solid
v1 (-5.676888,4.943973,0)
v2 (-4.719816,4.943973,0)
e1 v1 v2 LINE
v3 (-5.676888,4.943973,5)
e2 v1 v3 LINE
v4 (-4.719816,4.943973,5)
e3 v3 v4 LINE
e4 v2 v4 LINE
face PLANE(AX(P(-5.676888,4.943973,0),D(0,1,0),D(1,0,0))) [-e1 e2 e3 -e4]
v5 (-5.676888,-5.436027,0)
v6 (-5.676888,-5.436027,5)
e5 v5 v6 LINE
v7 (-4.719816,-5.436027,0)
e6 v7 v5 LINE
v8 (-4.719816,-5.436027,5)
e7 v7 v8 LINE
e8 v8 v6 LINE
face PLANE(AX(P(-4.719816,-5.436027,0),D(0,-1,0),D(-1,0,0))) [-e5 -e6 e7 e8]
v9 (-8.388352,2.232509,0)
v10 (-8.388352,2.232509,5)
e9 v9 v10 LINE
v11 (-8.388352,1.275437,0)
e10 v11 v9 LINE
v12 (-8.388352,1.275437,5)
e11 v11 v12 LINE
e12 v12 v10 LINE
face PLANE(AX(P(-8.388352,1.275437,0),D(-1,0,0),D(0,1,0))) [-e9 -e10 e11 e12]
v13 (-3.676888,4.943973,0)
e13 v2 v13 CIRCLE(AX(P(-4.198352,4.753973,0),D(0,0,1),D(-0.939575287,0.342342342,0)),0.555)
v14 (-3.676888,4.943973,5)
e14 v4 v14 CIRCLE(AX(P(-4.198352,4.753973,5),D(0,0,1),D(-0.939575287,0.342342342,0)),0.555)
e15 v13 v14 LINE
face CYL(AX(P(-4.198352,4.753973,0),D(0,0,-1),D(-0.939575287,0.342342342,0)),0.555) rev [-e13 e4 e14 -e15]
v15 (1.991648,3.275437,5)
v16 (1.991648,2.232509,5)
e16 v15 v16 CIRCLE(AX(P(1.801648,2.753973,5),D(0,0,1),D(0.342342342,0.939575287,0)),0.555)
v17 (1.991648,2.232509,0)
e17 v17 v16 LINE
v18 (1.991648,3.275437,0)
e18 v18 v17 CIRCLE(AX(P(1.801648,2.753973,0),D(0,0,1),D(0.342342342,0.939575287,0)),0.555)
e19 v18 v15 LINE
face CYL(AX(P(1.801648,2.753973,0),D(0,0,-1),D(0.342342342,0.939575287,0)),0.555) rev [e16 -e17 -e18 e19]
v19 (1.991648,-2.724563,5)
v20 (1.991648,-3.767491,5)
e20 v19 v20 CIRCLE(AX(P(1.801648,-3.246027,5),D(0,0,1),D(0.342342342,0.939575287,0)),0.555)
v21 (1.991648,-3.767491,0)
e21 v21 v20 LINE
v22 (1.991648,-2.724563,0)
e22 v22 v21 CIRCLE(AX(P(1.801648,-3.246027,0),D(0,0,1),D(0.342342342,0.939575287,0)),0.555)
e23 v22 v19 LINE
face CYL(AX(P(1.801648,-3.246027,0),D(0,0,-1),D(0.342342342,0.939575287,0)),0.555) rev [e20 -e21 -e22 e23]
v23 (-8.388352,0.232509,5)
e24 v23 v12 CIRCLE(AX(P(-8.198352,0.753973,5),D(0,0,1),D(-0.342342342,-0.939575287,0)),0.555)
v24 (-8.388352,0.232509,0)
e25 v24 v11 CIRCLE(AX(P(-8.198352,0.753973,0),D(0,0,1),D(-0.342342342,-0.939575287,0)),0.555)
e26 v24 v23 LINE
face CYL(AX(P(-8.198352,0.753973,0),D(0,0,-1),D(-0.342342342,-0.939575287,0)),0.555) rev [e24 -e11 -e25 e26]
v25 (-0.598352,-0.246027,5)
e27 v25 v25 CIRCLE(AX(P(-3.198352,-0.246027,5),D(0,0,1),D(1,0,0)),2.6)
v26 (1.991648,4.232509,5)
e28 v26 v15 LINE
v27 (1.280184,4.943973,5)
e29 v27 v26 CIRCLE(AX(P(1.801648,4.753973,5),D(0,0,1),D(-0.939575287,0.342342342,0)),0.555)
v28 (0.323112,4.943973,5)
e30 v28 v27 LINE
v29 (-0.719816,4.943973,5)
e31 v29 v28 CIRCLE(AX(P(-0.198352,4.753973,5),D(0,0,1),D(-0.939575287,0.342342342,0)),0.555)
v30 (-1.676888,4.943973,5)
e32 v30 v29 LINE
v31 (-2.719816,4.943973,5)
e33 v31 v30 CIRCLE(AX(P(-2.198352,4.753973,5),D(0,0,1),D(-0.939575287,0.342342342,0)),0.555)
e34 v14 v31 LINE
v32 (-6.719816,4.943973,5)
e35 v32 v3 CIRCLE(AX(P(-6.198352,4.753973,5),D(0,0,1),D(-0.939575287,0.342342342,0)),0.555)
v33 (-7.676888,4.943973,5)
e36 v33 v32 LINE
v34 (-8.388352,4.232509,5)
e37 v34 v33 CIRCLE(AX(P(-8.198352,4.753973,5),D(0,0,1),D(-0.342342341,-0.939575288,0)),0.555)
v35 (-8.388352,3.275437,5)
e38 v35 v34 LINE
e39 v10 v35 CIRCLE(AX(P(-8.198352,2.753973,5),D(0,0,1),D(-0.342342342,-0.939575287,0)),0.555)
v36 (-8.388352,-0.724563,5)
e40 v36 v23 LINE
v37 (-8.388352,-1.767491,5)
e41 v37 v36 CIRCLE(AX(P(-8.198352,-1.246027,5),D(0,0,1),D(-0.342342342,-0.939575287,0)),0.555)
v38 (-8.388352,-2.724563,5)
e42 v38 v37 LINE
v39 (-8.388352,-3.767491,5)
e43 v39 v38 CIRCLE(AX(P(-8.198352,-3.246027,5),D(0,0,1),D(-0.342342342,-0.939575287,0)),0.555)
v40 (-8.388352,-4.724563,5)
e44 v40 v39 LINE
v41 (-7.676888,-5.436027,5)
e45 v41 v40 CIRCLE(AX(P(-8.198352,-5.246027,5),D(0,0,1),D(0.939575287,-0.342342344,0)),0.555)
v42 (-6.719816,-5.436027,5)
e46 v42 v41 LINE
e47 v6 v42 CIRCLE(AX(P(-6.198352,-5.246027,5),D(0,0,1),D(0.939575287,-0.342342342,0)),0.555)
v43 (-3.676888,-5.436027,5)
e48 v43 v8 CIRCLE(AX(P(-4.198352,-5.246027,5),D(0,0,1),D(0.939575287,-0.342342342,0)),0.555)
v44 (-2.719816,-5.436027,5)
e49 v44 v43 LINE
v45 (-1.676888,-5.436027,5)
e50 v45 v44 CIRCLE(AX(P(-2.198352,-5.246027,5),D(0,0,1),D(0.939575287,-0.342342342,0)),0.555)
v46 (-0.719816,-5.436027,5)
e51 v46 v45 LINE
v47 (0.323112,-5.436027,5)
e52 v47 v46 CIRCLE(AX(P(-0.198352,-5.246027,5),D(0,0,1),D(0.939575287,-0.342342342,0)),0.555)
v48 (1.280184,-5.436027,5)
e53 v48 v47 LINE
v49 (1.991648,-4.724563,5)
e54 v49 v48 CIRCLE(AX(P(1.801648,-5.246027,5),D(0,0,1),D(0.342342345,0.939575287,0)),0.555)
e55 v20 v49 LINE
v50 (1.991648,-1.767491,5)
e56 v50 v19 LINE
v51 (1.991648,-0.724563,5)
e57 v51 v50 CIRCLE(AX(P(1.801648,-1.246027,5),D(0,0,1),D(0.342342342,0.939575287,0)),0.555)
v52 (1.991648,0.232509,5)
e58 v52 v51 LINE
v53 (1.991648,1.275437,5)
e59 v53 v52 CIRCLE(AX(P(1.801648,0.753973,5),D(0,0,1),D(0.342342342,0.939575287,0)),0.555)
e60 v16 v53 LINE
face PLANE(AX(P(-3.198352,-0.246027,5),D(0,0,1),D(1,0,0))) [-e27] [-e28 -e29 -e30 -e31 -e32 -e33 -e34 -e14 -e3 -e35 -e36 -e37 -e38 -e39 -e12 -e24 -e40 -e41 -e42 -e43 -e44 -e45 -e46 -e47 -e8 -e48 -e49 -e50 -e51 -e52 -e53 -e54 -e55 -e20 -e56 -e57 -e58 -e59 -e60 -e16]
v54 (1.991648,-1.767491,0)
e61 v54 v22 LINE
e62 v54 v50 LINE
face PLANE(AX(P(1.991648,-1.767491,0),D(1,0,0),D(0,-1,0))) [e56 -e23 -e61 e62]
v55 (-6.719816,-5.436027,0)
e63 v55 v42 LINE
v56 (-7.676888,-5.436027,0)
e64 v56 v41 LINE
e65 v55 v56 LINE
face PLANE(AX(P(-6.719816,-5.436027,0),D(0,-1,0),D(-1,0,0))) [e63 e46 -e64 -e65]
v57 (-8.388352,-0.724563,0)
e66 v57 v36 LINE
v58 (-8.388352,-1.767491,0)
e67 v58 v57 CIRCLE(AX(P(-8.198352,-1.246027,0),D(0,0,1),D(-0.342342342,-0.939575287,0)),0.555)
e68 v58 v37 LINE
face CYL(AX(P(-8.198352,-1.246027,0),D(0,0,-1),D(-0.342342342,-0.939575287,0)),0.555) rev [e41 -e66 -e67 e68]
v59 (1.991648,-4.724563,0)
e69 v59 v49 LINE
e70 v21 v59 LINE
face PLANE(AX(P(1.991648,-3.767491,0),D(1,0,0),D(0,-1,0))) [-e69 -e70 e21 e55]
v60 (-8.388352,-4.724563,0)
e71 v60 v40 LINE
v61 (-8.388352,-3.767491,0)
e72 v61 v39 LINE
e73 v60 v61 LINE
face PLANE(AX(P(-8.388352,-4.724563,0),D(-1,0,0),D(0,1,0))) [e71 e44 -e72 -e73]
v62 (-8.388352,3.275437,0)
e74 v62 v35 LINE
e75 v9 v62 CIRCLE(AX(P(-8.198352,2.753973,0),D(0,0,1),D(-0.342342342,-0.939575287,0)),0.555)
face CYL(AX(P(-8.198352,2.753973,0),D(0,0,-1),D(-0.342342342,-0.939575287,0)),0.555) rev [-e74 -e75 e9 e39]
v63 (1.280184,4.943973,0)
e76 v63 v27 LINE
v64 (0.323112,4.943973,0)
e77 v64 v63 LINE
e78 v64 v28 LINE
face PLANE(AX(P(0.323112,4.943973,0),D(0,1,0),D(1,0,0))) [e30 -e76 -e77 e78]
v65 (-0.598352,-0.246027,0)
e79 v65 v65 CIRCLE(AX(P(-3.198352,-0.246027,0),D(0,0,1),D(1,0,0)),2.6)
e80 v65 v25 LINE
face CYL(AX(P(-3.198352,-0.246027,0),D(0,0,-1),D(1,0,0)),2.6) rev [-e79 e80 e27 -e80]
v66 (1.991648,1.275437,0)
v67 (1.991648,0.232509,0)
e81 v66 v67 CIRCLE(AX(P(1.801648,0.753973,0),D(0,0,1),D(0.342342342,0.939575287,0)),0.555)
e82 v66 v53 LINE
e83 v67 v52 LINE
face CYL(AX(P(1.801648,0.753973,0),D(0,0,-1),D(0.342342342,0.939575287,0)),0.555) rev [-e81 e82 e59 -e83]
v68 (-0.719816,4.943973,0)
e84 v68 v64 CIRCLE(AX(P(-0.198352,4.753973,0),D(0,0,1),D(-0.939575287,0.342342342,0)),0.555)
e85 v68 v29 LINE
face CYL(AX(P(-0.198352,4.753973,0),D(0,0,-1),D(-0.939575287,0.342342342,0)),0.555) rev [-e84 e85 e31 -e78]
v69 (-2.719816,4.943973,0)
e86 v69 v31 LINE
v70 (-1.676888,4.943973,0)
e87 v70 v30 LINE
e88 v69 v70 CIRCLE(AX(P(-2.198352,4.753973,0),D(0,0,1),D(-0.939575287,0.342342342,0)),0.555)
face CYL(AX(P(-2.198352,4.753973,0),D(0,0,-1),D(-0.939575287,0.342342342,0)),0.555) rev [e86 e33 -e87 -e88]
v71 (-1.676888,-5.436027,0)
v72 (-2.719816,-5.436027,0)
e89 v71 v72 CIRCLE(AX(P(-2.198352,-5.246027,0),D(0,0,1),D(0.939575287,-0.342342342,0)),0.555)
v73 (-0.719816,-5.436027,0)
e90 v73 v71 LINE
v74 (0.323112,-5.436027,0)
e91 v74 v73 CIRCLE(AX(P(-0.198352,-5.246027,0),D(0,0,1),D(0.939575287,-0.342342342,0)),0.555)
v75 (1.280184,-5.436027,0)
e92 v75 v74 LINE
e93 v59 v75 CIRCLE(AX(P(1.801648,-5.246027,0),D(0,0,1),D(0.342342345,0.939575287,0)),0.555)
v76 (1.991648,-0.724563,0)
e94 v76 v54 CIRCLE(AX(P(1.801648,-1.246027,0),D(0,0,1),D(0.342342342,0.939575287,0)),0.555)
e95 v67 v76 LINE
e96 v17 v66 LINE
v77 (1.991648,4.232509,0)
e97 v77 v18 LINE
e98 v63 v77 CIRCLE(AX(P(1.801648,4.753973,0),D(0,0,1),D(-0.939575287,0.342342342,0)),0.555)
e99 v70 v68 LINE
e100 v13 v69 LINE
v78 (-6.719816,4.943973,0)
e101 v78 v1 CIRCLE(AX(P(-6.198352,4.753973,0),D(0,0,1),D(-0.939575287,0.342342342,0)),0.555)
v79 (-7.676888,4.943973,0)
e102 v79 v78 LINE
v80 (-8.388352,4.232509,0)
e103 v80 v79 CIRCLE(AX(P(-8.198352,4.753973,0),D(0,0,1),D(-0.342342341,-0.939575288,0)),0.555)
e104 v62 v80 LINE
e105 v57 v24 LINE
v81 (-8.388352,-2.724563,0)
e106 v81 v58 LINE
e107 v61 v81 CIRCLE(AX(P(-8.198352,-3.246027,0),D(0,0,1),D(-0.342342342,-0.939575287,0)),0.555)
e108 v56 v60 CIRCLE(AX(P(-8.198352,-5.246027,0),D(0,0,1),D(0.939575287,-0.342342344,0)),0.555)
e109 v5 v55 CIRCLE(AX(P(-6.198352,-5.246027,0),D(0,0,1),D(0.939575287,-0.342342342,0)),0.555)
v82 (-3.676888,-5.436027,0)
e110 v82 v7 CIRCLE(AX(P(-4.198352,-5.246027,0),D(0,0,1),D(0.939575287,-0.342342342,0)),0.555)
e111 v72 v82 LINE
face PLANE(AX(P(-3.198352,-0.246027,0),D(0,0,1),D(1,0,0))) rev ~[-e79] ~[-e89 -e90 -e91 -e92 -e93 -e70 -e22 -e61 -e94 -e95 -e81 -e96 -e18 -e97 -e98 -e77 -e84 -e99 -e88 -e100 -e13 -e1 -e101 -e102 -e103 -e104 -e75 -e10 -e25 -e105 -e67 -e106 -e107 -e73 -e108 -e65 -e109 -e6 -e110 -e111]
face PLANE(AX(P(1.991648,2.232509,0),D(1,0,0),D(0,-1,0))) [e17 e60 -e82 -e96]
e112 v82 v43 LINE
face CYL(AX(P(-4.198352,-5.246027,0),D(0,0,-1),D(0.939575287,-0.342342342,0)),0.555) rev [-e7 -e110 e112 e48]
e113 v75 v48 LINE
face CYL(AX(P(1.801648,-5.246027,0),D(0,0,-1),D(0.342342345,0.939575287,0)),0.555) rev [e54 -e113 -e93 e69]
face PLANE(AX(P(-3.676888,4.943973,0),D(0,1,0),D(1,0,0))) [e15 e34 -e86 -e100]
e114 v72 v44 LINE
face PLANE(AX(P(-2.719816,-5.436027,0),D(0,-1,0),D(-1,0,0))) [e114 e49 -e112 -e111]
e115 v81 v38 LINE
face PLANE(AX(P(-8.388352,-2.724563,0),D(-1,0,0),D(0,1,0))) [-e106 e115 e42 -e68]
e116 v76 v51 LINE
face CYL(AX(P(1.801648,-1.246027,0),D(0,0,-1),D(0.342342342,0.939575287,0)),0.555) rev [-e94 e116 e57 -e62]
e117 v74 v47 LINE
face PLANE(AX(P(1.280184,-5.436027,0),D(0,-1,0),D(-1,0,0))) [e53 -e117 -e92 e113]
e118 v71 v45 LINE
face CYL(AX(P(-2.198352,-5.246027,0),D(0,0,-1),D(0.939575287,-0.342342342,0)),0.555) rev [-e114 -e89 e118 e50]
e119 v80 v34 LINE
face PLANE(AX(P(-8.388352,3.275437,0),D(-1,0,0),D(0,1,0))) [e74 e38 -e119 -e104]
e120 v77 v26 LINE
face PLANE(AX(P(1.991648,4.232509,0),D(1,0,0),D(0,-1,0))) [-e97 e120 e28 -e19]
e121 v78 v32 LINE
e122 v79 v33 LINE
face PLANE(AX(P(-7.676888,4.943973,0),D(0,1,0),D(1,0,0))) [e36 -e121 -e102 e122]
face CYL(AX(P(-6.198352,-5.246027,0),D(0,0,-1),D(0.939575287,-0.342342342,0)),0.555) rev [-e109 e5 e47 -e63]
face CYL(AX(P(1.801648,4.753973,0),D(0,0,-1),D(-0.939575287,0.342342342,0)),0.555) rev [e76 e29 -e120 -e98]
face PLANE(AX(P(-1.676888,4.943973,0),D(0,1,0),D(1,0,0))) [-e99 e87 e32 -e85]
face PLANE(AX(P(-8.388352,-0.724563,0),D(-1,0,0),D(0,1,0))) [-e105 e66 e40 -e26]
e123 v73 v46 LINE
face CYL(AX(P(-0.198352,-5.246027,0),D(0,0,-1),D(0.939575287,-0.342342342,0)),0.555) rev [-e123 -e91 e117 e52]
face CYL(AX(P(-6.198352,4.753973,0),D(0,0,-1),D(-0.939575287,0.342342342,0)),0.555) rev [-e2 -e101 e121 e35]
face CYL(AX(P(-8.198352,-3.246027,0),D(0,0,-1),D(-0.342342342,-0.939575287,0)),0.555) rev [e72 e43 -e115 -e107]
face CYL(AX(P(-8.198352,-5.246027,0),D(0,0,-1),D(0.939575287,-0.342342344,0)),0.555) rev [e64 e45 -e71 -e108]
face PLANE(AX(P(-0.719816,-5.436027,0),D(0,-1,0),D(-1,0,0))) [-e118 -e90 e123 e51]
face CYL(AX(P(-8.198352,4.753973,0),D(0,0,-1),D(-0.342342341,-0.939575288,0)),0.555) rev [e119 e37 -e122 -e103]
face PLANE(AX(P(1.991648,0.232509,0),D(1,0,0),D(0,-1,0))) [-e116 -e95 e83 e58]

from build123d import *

# Parameters (mm, degrees)
SKETCH2_R           = 4.1
SKETCH2_R_2         = 2.6
BOSS_EXTRUDE1_DEPTH = 5


with BuildPart() as part:
    # Sketch2 → Boss-Extrude1 (new body)
    # profile 1 of 2: a face of its own
    with BuildSketch(Plane.XY):
        with BuildLine():
            ThreePointArc((-8.388352144, 2.232508627), (-7.643352144, 2.753972912), (-8.388352144, 3.275437196))
            Line((-8.388352144, 3.275437196), (-8.388352144, 4.232508627))
            ThreePointArc((-8.388352144, 4.232508627), (-7.805907881, 4.361528648), (-7.67688786, 4.943972912))
            Line((-7.67688786, 4.943972912), (-6.719816429, 4.943972912))
            ThreePointArc((-6.719816429, 4.943972912), (-6.198352144, 4.198972912), (-5.67688786, 4.943972912))
            Line((-5.67688786, 4.943972912), (-4.719816429, 4.943972912))
            ThreePointArc((-4.719816429, 4.943972912), (-4.198352144, 4.198972912), (-3.67688786, 4.943972912))
            Line((-3.67688786, 4.943972912), (-2.719816429, 4.943972912))
            ThreePointArc((-2.719816429, 4.943972912), (-2.198352144, 4.198972912), (-1.67688786, 4.943972912))
            Line((-1.67688786, 4.943972912), (-0.719816429, 4.943972912))
            ThreePointArc((-0.719816429, 4.943972912), (-0.198352144, 4.198972912), (0.32311214, 4.943972912))
            Line((0.32311214, 4.943972912), (1.280183571, 4.943972912))
            ThreePointArc((1.280183571, 4.943972912), (1.409203592, 4.361528648), (1.991647856, 4.232508627))
            Line((1.991647856, 4.232508627), (1.991647856, 3.275437196))
            ThreePointArc((1.991647856, 3.275437196), (1.246647856, 2.753972912), (1.991647856, 2.232508627))
            Line((1.991647856, 2.232508627), (1.991647856, 1.275437196))
            ThreePointArc((1.991647856, 1.275437196), (1.246647856, 0.753972912), (1.991647856, 0.232508627))
            Line((1.991647856, 0.232508627), (1.991647856, -0.724562804))
            ThreePointArc((1.991647856, -0.724562804), (1.246647856, -1.246027088), (1.991647856, -1.767491373))
            Line((1.991647856, -1.767491373), (1.991647856, -2.724562804))
            ThreePointArc((1.991647856, -2.724562804), (1.246647856, -3.246027088), (1.991647856, -3.767491373))
            Line((1.991647856, -3.767491373), (1.991647856, -4.724562804))
            ThreePointArc((1.991647856, -4.724562804), (1.409203592, -4.853582824), (1.280183571, -5.436027088))
            Line((1.280183571, -5.436027088), (0.32311214, -5.436027088))
            ThreePointArc((0.32311214, -5.436027088), (-0.198352144, -4.691027088), (-0.719816429, -5.436027088))
            Line((-0.719816429, -5.436027088), (-1.67688786, -5.436027088))
            ThreePointArc((-1.67688786, -5.436027088), (-2.198352144, -4.691027088), (-2.719816429, -5.436027088))
            Line((-2.719816429, -5.436027088), (-3.67688786, -5.436027088))
            ThreePointArc((-3.67688786, -5.436027088), (-4.198352144, -4.691027088), (-4.719816429, -5.436027088))
            Line((-4.719816429, -5.436027088), (-5.67688786, -5.436027088))
            ThreePointArc((-5.67688786, -5.436027088), (-6.198352144, -4.691027088), (-6.719816429, -5.436027088))
            Line((-6.719816429, -5.436027088), (-7.67688786, -5.436027088))
            ThreePointArc((-7.67688786, -5.436027088), (-7.805907881, -4.853582824), (-8.388352144, -4.724562804))
            Line((-8.388352144, -4.724562804), (-8.388352144, -3.767491373))
            ThreePointArc((-8.388352144, -3.767491373), (-7.643352144, -3.246027088), (-8.388352144, -2.724562804))
            Line((-8.388352144, -2.724562804), (-8.388352144, -1.767491373))
            ThreePointArc((-8.388352144, -1.767491373), (-7.643352144, -1.246027088), (-8.388352144, -0.724562804))
            Line((-8.388352144, -0.724562804), (-8.388352144, 0.232508627))
            ThreePointArc((-8.388352144, 0.232508627), (-7.643352144, 0.753972912), (-8.388352144, 1.275437196))
            Line((-8.388352144, 1.275437196), (-8.388352144, 2.232508627))
        make_face()
        with Locations((-3.198352144, -0.246027088)):
            Circle(SKETCH2_R, mode=Mode.SUBTRACT)
    # profile 2 of 2: a face of its own
    with BuildSketch(Plane.XY):
        with Locations((-3.198352144, -0.246027088)):
            Circle(SKETCH2_R)
        with Locations((-3.198352144, -0.246027088)):
            Circle(SKETCH2_R_2, mode=Mode.SUBTRACT)
    extrude(amount=BOSS_EXTRUDE1_DEPTH)


solid = part.part
